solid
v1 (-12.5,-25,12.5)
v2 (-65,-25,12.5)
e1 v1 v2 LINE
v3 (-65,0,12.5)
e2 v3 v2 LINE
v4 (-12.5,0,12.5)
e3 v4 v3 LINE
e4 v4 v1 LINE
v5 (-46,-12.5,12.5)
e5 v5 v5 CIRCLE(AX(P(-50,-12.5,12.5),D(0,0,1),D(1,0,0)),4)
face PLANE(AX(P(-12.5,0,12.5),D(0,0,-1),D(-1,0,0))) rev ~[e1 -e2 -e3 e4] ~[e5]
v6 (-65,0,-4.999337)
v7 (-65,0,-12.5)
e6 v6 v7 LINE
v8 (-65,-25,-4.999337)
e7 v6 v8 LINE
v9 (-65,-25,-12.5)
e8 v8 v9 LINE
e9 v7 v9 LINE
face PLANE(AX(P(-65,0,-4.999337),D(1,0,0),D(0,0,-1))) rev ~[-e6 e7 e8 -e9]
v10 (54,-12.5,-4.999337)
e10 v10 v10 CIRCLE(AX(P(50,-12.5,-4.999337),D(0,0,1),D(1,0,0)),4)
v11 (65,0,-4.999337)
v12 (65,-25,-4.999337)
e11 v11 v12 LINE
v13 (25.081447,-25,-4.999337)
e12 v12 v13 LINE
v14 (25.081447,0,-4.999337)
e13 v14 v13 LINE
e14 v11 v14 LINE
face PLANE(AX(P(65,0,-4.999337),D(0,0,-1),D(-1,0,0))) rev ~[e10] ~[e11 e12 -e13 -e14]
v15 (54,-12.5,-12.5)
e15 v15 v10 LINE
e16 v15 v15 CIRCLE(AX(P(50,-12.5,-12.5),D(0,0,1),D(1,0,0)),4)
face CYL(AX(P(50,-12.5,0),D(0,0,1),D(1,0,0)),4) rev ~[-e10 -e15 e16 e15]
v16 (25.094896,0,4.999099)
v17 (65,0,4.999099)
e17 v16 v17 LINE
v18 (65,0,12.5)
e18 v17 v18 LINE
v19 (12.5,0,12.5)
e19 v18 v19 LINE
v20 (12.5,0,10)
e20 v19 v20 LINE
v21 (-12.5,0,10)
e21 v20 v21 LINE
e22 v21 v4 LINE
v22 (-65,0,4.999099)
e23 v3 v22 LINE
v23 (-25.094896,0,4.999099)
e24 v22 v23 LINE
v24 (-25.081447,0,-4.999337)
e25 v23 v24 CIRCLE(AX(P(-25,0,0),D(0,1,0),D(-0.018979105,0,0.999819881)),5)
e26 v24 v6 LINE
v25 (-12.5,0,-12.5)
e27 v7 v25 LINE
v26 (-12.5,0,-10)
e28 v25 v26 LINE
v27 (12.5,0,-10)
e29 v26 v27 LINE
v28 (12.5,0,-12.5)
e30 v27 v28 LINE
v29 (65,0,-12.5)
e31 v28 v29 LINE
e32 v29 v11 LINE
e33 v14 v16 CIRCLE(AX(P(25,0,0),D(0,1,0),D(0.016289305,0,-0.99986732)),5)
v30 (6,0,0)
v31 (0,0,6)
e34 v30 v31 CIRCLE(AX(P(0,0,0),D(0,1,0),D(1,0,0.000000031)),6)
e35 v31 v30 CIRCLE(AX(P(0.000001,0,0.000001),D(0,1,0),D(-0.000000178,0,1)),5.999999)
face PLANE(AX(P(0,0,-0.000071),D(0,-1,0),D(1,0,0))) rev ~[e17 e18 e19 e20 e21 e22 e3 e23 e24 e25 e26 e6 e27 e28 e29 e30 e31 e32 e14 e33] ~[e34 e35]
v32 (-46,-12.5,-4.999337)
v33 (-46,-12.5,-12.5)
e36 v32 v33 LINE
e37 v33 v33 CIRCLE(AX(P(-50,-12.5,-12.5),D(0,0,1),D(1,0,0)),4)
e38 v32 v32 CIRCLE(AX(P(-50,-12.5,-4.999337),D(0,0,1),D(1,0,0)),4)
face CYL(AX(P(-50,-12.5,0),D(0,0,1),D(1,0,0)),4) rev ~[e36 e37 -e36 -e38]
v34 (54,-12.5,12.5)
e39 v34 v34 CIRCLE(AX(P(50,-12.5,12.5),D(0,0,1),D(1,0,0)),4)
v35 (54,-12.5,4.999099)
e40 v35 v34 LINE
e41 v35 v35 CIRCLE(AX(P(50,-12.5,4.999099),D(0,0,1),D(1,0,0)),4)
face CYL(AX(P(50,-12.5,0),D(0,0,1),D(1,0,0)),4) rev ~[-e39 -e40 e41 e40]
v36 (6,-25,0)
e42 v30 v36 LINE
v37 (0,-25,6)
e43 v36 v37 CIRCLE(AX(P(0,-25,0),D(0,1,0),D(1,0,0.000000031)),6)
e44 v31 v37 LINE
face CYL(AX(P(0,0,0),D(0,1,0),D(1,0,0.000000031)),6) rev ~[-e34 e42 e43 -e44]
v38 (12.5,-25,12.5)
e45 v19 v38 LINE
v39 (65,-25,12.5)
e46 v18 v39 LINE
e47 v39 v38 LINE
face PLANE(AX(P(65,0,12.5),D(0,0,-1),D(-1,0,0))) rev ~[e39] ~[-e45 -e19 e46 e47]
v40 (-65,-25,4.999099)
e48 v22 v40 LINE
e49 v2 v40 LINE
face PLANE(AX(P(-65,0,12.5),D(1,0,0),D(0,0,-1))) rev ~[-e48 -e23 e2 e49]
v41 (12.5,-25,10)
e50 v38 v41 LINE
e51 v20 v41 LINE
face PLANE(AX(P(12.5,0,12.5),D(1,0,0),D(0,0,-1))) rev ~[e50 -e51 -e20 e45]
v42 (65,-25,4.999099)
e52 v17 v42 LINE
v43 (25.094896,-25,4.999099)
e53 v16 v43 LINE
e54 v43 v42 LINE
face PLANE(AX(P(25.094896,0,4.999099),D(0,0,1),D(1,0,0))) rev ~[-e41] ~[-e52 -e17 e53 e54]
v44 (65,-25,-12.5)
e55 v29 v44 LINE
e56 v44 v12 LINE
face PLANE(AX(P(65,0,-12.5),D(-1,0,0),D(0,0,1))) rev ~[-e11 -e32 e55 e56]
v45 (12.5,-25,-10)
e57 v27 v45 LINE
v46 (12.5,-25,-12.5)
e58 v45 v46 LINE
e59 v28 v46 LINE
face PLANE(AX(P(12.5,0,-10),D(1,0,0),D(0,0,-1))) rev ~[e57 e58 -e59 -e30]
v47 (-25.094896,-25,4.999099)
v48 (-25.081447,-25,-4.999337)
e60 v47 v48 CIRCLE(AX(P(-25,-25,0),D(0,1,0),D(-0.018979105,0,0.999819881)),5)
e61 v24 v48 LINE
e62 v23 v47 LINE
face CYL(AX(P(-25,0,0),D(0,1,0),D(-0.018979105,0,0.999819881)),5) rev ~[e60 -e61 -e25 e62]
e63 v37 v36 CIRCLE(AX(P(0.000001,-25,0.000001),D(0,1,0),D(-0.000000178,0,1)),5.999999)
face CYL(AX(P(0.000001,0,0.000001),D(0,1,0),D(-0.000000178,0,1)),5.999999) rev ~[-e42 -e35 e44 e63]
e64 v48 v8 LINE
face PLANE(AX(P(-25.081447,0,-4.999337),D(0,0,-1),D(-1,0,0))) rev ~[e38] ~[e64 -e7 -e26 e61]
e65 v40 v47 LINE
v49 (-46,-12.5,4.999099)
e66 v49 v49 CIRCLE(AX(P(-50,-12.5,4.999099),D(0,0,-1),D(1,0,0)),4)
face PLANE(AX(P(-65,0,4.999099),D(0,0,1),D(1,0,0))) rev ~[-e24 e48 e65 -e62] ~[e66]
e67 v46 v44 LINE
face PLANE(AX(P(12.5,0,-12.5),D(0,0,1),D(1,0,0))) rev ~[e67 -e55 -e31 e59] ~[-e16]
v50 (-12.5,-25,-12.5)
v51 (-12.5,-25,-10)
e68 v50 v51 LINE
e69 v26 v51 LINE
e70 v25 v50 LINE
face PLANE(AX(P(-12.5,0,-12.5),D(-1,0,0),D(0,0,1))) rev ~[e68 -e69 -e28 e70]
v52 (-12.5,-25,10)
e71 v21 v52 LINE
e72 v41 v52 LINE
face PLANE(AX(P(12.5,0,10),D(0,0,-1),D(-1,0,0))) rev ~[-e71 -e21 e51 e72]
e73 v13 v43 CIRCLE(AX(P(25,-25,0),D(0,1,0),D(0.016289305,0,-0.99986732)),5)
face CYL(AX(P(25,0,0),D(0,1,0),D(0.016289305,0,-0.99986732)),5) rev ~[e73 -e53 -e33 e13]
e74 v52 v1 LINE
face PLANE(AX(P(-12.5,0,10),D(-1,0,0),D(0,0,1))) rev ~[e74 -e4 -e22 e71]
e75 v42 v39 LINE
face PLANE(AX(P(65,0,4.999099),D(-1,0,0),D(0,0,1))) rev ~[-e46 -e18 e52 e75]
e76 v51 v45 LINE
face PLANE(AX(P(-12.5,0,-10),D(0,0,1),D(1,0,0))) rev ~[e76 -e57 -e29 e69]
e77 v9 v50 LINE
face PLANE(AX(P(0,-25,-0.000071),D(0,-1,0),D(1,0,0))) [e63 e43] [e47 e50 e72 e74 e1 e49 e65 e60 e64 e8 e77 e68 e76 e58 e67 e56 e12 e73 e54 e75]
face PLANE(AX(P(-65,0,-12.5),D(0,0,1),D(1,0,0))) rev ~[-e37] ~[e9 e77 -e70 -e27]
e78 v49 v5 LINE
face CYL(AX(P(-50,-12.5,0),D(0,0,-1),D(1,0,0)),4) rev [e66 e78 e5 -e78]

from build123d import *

# Parameters (mm, degrees)
F1_DEPTH = 25
F2_R     = 4
F3_DEPTH = 12.5


with BuildPart() as f1:
    # F0 (on Front) → F1 (new body)
    with BuildSketch(Plane.XZ):
        with BuildLine():
            Line((-12.5, 12.5), (-65, 12.5))
            Line((-65, 12.5), (-65, 4.999099))
            Line((-65, 4.999099), (-25.094896, 4.999099))
            ThreePointArc((-25.094896, 4.999099), (-20.000005, 0.006726), (-25.081447, -4.999337))
            Line((-25.081447, -4.999337), (-65, -4.999337))
            Line((-65, -4.999337), (-65, -12.5))
            Line((-65, -12.5), (-12.5, -12.5))
            Line((-12.5, -12.5), (-12.5, -10))
            Line((-12.5, -10), (12.5, -10))
            Line((12.5, -10), (12.5, -12.5))
            Line((12.5, -12.5), (65, -12.5))
            Line((65, -12.5), (65, -4.999337))
            Line((65, -4.999337), (25.081447, -4.999337))
            ThreePointArc((25.081447, -4.999337), (20.000005, 0.006726), (25.094896, 4.999099))
            Line((25.094896, 4.999099), (65, 4.999099))
            Line((65, 4.999099), (65, 12.5))
            Line((65, 12.5), (12.5, 12.5))
            Line((12.5, 12.5), (12.5, 10))
            Line((12.5, 10), (0, 10))
            Line((0, 10), (-12.5, 10))
            Line((-12.5, 10), (-12.5, 12.5))
        make_face()
        with BuildLine():
            ThreePointArc((6, 0), (-4.242641, -4.242641), (0, 6))
            ThreePointArc((0, 6), (4.242641, 4.242641), (6, 0))
        make_face(mode=Mode.SUBTRACT)
    extrude(amount=F1_DEPTH)

    # F2 (on Top) → F3 (cut, symmetric)
    with BuildSketch(Plane.XY):
        with Locations((-50, -12.5)):
            Circle(F2_R)
        with Locations((50, -12.5)):
            Circle(F2_R)
    extrude(amount=F3_DEPTH, both=True, mode=Mode.SUBTRACT)


solid = f1.part
